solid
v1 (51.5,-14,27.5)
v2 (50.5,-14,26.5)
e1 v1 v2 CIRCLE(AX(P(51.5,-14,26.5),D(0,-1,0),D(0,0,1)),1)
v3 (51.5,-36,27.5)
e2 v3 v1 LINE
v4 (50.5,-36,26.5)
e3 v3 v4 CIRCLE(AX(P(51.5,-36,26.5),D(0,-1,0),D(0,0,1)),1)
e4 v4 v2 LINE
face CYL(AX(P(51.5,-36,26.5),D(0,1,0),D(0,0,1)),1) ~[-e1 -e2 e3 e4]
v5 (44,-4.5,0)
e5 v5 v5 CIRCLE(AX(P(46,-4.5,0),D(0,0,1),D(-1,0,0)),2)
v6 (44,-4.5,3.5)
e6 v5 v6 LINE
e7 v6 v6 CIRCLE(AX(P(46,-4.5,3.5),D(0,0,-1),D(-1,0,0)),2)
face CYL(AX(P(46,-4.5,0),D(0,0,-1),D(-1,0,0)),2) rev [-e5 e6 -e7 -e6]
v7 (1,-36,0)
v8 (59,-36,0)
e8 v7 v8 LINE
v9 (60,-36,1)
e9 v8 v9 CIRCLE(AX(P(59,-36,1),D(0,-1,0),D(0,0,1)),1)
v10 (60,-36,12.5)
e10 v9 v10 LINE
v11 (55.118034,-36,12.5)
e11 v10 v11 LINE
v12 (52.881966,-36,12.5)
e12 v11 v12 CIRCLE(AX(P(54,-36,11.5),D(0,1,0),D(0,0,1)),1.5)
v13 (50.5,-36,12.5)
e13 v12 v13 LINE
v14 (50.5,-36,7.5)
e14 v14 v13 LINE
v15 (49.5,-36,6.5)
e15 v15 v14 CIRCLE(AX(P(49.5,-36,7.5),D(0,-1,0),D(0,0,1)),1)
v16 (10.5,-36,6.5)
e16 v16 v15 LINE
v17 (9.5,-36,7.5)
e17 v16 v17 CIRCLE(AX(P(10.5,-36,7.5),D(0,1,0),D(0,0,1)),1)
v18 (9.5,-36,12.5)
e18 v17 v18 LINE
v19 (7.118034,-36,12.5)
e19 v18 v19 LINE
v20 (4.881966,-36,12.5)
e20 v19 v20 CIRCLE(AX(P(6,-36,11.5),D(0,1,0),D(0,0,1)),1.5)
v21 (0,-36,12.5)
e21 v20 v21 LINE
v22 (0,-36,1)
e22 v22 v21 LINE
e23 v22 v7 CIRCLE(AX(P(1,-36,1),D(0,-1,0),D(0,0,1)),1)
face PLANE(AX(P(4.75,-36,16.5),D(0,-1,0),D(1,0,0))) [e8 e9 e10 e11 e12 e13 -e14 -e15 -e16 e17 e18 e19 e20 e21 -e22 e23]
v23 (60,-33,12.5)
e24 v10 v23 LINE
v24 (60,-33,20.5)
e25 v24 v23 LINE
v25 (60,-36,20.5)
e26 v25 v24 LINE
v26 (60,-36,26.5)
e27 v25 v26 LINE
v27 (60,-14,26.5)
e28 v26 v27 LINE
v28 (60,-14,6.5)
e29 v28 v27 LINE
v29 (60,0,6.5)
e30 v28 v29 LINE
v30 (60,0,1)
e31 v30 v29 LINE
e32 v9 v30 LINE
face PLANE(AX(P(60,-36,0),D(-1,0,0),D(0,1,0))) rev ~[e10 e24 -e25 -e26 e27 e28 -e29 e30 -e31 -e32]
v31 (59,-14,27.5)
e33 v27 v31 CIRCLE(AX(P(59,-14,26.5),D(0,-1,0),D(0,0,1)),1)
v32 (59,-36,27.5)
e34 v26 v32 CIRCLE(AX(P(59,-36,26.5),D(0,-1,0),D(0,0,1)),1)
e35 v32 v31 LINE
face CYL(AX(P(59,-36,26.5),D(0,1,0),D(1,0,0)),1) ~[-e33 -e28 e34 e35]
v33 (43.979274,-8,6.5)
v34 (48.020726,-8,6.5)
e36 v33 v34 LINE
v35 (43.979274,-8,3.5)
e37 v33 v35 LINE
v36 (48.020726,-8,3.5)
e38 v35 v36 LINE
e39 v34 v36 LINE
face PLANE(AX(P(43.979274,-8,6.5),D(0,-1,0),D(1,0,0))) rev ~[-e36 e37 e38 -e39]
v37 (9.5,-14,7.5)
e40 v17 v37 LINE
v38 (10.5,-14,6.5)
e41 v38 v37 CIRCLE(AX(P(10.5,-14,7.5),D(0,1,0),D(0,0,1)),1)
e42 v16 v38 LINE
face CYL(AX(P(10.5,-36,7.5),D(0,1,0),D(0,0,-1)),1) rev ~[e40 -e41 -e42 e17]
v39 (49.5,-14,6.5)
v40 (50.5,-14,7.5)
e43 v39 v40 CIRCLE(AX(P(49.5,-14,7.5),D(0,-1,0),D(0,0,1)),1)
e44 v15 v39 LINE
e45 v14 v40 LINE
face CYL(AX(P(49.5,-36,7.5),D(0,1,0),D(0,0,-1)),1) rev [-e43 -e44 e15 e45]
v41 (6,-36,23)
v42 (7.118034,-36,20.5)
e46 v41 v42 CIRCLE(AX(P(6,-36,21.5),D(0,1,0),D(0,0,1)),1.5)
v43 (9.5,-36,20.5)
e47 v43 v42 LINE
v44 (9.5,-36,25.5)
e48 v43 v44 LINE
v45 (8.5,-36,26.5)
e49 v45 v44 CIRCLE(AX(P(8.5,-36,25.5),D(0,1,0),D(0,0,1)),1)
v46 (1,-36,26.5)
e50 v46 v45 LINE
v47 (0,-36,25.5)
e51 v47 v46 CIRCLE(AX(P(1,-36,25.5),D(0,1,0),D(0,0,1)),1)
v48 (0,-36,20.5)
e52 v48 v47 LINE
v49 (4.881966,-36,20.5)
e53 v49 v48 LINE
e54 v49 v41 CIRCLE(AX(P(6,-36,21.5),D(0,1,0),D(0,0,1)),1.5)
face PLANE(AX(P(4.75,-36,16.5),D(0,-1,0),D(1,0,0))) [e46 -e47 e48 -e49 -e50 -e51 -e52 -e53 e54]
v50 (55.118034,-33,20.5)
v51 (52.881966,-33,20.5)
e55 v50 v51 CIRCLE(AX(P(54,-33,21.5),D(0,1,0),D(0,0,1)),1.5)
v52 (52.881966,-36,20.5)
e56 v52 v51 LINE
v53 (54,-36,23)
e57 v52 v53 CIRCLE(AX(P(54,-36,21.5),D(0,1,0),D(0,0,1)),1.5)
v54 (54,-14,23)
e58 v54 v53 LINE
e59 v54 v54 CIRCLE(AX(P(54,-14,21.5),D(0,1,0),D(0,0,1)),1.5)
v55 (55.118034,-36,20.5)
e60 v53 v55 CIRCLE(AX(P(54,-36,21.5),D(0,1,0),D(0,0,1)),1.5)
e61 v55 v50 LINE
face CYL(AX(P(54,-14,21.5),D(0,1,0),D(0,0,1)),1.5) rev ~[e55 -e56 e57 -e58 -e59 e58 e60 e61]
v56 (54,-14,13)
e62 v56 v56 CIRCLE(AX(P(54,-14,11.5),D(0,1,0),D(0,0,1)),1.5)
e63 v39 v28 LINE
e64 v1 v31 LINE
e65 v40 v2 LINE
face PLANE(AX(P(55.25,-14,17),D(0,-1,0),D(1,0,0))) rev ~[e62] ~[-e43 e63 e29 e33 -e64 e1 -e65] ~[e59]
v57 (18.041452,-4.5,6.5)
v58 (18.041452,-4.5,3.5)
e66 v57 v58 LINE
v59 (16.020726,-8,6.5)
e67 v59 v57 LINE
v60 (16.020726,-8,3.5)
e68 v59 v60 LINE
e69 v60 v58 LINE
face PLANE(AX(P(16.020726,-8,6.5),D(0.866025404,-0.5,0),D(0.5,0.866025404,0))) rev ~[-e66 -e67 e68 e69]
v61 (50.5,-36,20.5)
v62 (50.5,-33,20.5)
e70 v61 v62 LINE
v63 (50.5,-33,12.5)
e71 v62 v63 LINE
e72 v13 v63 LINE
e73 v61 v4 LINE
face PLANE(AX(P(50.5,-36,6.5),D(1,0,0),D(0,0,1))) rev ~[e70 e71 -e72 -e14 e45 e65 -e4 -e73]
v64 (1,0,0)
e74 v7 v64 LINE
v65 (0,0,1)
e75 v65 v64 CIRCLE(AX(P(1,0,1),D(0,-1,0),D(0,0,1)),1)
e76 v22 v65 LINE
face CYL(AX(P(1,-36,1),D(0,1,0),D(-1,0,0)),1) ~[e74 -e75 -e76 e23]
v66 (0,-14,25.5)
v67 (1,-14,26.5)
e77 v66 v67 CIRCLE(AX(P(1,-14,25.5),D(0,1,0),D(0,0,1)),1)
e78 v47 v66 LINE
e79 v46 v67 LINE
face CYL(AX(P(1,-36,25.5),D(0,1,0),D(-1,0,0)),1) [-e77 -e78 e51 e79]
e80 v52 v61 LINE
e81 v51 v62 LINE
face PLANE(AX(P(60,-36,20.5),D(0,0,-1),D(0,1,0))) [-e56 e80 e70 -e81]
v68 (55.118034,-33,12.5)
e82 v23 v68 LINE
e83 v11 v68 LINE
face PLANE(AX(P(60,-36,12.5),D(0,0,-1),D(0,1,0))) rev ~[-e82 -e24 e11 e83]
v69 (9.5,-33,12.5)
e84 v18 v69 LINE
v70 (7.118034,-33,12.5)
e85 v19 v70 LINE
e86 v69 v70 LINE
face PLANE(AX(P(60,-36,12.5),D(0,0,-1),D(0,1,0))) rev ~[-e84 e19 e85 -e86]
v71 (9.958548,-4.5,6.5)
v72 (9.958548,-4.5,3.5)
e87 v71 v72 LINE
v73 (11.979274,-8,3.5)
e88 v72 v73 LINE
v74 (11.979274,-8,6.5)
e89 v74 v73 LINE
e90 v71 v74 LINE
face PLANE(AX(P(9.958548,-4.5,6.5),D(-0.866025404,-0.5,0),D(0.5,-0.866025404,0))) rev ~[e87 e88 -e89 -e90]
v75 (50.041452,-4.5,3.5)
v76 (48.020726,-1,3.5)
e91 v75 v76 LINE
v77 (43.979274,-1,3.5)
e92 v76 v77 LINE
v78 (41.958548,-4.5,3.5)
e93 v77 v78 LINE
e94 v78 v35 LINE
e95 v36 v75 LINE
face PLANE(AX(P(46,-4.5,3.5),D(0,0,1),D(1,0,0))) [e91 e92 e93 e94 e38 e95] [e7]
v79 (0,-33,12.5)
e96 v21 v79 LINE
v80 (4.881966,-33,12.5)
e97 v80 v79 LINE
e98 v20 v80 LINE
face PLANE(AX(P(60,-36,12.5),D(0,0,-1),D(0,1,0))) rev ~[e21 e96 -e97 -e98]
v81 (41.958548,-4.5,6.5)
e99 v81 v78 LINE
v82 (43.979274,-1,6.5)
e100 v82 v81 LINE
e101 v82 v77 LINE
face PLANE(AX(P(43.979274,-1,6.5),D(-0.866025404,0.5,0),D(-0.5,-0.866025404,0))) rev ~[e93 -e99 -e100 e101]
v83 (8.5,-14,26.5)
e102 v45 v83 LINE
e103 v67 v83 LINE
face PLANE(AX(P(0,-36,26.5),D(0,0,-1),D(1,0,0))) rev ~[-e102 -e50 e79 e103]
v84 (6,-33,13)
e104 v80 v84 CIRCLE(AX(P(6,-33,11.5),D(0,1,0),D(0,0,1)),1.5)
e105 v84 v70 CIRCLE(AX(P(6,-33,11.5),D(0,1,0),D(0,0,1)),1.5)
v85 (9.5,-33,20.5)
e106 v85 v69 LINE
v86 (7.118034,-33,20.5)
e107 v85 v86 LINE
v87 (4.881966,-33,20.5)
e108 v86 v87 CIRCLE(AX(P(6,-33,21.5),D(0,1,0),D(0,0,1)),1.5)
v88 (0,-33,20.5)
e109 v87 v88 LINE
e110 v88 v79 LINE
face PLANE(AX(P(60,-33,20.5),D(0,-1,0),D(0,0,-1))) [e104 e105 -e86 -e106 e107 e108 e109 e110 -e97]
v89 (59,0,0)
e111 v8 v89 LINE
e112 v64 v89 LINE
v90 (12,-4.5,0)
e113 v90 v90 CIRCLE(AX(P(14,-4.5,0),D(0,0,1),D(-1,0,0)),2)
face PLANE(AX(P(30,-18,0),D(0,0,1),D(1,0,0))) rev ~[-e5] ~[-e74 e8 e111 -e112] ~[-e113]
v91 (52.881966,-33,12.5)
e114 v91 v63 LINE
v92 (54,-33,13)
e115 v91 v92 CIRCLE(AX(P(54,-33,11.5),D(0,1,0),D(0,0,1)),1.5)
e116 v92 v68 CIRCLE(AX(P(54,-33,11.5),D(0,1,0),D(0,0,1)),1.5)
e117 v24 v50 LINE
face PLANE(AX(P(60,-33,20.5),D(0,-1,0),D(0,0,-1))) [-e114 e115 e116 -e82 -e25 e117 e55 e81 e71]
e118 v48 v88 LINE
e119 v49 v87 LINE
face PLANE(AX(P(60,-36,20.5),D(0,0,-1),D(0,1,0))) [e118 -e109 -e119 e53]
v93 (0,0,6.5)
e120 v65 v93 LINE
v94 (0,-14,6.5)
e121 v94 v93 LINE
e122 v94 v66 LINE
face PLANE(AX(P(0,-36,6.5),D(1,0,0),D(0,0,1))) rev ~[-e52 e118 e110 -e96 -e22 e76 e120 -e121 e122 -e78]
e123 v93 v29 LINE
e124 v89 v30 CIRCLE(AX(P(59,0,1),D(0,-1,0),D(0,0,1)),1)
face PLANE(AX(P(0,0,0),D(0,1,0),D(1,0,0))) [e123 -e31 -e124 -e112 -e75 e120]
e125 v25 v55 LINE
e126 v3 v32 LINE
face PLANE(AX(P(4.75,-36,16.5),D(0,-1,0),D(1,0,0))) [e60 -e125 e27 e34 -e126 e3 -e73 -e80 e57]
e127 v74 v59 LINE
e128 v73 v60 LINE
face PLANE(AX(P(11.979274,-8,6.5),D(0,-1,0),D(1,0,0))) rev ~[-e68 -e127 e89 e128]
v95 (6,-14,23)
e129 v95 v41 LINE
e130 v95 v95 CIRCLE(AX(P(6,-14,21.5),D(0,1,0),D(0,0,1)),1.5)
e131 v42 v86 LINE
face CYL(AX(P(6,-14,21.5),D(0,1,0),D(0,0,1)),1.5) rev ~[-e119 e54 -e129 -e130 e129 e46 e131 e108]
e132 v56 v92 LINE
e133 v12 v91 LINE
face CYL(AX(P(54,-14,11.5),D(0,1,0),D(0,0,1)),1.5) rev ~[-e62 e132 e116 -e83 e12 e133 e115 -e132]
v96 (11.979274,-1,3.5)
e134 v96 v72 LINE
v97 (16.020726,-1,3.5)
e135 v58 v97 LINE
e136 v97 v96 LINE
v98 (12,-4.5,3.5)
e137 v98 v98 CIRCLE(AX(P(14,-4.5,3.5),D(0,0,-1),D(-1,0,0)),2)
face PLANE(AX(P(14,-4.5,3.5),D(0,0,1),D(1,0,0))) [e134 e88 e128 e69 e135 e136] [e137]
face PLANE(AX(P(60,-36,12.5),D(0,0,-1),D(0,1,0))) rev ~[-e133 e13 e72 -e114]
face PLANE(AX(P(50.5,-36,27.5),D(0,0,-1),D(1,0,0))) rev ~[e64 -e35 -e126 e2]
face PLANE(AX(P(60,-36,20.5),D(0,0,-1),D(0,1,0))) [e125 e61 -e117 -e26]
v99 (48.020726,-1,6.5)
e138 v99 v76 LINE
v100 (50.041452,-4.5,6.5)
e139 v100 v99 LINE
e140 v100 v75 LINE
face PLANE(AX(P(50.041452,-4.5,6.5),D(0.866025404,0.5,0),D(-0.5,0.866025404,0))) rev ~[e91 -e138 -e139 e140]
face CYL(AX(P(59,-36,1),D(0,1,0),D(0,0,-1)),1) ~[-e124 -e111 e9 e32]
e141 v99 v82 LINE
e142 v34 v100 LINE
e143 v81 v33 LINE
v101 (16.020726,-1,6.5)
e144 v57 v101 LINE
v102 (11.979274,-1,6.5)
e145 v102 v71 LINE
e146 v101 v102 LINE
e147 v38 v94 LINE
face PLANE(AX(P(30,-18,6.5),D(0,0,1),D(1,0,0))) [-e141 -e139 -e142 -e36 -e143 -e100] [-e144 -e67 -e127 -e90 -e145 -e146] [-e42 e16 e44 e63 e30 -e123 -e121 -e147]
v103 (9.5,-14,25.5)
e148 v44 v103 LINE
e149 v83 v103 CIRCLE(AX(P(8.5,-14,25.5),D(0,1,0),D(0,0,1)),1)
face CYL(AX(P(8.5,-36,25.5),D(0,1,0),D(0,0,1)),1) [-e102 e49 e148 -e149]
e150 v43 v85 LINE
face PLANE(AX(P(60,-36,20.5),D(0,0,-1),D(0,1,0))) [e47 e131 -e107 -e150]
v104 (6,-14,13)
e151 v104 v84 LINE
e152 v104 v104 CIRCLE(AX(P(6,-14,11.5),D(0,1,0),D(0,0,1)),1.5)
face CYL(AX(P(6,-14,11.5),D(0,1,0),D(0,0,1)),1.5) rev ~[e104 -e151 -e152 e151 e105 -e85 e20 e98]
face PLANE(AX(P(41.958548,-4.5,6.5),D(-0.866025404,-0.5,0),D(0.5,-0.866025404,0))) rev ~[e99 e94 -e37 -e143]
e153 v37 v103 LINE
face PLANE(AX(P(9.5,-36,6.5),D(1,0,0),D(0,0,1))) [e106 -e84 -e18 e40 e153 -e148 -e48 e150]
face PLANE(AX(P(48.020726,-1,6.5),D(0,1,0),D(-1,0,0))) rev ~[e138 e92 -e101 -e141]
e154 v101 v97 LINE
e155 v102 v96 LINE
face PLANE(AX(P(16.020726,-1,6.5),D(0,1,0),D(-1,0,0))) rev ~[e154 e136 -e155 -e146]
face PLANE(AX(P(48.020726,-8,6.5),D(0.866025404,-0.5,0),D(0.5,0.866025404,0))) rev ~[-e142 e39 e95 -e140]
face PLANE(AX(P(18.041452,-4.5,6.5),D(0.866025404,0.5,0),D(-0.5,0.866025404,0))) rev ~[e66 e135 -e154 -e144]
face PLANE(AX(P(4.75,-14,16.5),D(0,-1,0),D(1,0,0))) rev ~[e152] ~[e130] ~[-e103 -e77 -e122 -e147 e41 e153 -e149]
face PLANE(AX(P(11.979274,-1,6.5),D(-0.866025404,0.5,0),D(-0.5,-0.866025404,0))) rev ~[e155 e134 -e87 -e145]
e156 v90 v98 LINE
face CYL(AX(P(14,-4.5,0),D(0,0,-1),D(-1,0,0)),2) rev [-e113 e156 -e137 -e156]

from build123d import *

# Parameters (mm, degrees)
SKETCH1_W           = 60
SKETCH1_H           = 36
SKETCH1_R           = 2
BOSS_EXTRUDE1_DEPTH = 6.5
SKETCH2_W           = 9.5
SKETCH2_H           = 20
SKETCH2_H_2         = 21
BOSS_EXTRUDE2_DEPTH = 22
CUT_EXTRUDE1_REACH  = 71.572
SKETCH3_R           = 1.5
CUT_EXTRUDE2_DEPTH  = 3
LPATTERN1_COUNT     = 2
LPATTERN1_PITCH     = 32
FILLET1_R           = 1
SKETCH6_W           = 8
SKETCH6_H           = 3
CUT_EXTRUDE3_DEPTH  = 76.181447179


with BuildPart() as part:
    # Sketch1 → Boss-Extrude1 (new body)
    with BuildSketch(Plane.XY):
        with Locations((30, -18)):
            Rectangle(SKETCH1_W, SKETCH1_H)
        with Locations(Location((14, -4.5, 0), (0, 0, 180))):
            Circle(SKETCH1_R, mode=Mode.SUBTRACT)
        with Locations(Location((46, -4.5, 0), (0, 0, 180))):
            Circle(SKETCH1_R, mode=Mode.SUBTRACT)
    extrude(amount=BOSS_EXTRUDE1_DEPTH)

    # Sketch2 → Boss-Extrude2 (add)
    with BuildSketch(Plane.XZ.offset(36)):
        with Locations((4.75, 16.5)):
            Rectangle(SKETCH2_W, SKETCH2_H)
        with Locations((55.25, 17)):
            Rectangle(SKETCH2_W, SKETCH2_H_2)
    extrude(amount=-BOSS_EXTRUDE2_DEPTH)

    # Sketch3 → Cut-Extrude1 (cut, up to next)
    with BuildSketch(Plane(origin=(0, -14, 0), x_dir=(1, 0, 0), z_dir=(0, 1, 0)), mode=Mode.PRIVATE) as cut_extrude1_sk1:
        with Locations(Location((6, -11.5, 0), (0, 0, 270))):
            Circle(SKETCH3_R)
    cut_extrude1_tool1 = extrude(cut_extrude1_sk1.sketch, amount=-CUT_EXTRUDE1_REACH, mode=Mode.PRIVATE) & part.part
    # Sketch3 → Cut-Extrude1 (cut, up to next)
    with BuildSketch(Plane(origin=(0, -14, 0), x_dir=(1, 0, 0), z_dir=(0, 1, 0)), mode=Mode.PRIVATE) as cut_extrude1_sk2:
        with Locations(Location((54, -11.5, 0), (0, 0, 270))):
            Circle(SKETCH3_R)
    cut_extrude1_tool2 = extrude(cut_extrude1_sk2.sketch, amount=-CUT_EXTRUDE1_REACH, mode=Mode.PRIVATE) & part.part
    # Sketch3 → Cut-Extrude1 (cut, up to next)
    with BuildSketch(Plane(origin=(0, -14, 0), x_dir=(1, 0, 0), z_dir=(0, 1, 0)), mode=Mode.PRIVATE) as cut_extrude1_sk3:
        with Locations(Location((54, -21.5, 0), (0, 0, 270))):
            Circle(SKETCH3_R)
    cut_extrude1_tool3 = extrude(cut_extrude1_sk3.sketch, amount=-CUT_EXTRUDE1_REACH, mode=Mode.PRIVATE) & part.part
    # Sketch3 → Cut-Extrude1 (cut, up to next)
    with BuildSketch(Plane(origin=(0, -14, 0), x_dir=(1, 0, 0), z_dir=(0, 1, 0)), mode=Mode.PRIVATE) as cut_extrude1_sk4:
        with Locations(Location((6, -21.5, 0), (0, 0, 270))):
            Circle(SKETCH3_R)
    cut_extrude1_tool4 = extrude(cut_extrude1_sk4.sketch, amount=-CUT_EXTRUDE1_REACH, mode=Mode.PRIVATE) & part.part
    add(cut_extrude1_tool1.solids().sort_by_distance((6, -14, 11.5))[0], mode=Mode.SUBTRACT)
    add(cut_extrude1_tool2.solids().sort_by_distance((54, -14, 11.5))[0], mode=Mode.SUBTRACT)
    add(cut_extrude1_tool3.solids().sort_by_distance((54, -14, 21.5))[0], mode=Mode.SUBTRACT)
    add(cut_extrude1_tool4.solids().sort_by_distance((6, -14, 21.5))[0], mode=Mode.SUBTRACT)

    # Sketch4 → Cut-Extrude2 (cut)
    with BuildSketch(Plane.XY.offset(6.5)):
        Polygon((11.979274058, -1), (9.958548116, -4.5), (11.979274058, -8), (16.020725942, -8), (18.041451884, -4.5), (16.020725942, -1), align=None)
    cut_extrude2 = extrude(amount=-CUT_EXTRUDE2_DEPTH, mode=Mode.SUBTRACT)

    # LPattern1: Cut-Extrude2 ×2
    with Locations(*[(i * LPATTERN1_PITCH, 0, 0) for i in range(1, LPATTERN1_COUNT)]):
        add(cut_extrude2, mode=Mode.SUBTRACT)

    # Fillet1
    fillet1_edges = [part.edges().sort_by_distance(p)[0] for p in [
        (0, -25, 26.5),
        (9.5, -25, 26.5),
        (9.5, -25, 6.5),
        (60, -25, 27.5),
        (50.5, -25, 6.5),
        (50.5, -25, 27.5),
        (60, -18, 0),
        (0, -18, 0),
    ]]
    fillet(fillet1_edges, radius=FILLET1_R)

    # Sketch6 → Cut-Extrude3 (cut, through all)
    with BuildSketch(Plane(origin=(60, 0, 0), x_dir=(0, 0, -1), z_dir=(1, 0, 0))):
        with Locations((-16.5, -34.5)):
            Rectangle(SKETCH6_W, SKETCH6_H)
    extrude(amount=-CUT_EXTRUDE3_DEPTH, mode=Mode.SUBTRACT)


solid = part.part
